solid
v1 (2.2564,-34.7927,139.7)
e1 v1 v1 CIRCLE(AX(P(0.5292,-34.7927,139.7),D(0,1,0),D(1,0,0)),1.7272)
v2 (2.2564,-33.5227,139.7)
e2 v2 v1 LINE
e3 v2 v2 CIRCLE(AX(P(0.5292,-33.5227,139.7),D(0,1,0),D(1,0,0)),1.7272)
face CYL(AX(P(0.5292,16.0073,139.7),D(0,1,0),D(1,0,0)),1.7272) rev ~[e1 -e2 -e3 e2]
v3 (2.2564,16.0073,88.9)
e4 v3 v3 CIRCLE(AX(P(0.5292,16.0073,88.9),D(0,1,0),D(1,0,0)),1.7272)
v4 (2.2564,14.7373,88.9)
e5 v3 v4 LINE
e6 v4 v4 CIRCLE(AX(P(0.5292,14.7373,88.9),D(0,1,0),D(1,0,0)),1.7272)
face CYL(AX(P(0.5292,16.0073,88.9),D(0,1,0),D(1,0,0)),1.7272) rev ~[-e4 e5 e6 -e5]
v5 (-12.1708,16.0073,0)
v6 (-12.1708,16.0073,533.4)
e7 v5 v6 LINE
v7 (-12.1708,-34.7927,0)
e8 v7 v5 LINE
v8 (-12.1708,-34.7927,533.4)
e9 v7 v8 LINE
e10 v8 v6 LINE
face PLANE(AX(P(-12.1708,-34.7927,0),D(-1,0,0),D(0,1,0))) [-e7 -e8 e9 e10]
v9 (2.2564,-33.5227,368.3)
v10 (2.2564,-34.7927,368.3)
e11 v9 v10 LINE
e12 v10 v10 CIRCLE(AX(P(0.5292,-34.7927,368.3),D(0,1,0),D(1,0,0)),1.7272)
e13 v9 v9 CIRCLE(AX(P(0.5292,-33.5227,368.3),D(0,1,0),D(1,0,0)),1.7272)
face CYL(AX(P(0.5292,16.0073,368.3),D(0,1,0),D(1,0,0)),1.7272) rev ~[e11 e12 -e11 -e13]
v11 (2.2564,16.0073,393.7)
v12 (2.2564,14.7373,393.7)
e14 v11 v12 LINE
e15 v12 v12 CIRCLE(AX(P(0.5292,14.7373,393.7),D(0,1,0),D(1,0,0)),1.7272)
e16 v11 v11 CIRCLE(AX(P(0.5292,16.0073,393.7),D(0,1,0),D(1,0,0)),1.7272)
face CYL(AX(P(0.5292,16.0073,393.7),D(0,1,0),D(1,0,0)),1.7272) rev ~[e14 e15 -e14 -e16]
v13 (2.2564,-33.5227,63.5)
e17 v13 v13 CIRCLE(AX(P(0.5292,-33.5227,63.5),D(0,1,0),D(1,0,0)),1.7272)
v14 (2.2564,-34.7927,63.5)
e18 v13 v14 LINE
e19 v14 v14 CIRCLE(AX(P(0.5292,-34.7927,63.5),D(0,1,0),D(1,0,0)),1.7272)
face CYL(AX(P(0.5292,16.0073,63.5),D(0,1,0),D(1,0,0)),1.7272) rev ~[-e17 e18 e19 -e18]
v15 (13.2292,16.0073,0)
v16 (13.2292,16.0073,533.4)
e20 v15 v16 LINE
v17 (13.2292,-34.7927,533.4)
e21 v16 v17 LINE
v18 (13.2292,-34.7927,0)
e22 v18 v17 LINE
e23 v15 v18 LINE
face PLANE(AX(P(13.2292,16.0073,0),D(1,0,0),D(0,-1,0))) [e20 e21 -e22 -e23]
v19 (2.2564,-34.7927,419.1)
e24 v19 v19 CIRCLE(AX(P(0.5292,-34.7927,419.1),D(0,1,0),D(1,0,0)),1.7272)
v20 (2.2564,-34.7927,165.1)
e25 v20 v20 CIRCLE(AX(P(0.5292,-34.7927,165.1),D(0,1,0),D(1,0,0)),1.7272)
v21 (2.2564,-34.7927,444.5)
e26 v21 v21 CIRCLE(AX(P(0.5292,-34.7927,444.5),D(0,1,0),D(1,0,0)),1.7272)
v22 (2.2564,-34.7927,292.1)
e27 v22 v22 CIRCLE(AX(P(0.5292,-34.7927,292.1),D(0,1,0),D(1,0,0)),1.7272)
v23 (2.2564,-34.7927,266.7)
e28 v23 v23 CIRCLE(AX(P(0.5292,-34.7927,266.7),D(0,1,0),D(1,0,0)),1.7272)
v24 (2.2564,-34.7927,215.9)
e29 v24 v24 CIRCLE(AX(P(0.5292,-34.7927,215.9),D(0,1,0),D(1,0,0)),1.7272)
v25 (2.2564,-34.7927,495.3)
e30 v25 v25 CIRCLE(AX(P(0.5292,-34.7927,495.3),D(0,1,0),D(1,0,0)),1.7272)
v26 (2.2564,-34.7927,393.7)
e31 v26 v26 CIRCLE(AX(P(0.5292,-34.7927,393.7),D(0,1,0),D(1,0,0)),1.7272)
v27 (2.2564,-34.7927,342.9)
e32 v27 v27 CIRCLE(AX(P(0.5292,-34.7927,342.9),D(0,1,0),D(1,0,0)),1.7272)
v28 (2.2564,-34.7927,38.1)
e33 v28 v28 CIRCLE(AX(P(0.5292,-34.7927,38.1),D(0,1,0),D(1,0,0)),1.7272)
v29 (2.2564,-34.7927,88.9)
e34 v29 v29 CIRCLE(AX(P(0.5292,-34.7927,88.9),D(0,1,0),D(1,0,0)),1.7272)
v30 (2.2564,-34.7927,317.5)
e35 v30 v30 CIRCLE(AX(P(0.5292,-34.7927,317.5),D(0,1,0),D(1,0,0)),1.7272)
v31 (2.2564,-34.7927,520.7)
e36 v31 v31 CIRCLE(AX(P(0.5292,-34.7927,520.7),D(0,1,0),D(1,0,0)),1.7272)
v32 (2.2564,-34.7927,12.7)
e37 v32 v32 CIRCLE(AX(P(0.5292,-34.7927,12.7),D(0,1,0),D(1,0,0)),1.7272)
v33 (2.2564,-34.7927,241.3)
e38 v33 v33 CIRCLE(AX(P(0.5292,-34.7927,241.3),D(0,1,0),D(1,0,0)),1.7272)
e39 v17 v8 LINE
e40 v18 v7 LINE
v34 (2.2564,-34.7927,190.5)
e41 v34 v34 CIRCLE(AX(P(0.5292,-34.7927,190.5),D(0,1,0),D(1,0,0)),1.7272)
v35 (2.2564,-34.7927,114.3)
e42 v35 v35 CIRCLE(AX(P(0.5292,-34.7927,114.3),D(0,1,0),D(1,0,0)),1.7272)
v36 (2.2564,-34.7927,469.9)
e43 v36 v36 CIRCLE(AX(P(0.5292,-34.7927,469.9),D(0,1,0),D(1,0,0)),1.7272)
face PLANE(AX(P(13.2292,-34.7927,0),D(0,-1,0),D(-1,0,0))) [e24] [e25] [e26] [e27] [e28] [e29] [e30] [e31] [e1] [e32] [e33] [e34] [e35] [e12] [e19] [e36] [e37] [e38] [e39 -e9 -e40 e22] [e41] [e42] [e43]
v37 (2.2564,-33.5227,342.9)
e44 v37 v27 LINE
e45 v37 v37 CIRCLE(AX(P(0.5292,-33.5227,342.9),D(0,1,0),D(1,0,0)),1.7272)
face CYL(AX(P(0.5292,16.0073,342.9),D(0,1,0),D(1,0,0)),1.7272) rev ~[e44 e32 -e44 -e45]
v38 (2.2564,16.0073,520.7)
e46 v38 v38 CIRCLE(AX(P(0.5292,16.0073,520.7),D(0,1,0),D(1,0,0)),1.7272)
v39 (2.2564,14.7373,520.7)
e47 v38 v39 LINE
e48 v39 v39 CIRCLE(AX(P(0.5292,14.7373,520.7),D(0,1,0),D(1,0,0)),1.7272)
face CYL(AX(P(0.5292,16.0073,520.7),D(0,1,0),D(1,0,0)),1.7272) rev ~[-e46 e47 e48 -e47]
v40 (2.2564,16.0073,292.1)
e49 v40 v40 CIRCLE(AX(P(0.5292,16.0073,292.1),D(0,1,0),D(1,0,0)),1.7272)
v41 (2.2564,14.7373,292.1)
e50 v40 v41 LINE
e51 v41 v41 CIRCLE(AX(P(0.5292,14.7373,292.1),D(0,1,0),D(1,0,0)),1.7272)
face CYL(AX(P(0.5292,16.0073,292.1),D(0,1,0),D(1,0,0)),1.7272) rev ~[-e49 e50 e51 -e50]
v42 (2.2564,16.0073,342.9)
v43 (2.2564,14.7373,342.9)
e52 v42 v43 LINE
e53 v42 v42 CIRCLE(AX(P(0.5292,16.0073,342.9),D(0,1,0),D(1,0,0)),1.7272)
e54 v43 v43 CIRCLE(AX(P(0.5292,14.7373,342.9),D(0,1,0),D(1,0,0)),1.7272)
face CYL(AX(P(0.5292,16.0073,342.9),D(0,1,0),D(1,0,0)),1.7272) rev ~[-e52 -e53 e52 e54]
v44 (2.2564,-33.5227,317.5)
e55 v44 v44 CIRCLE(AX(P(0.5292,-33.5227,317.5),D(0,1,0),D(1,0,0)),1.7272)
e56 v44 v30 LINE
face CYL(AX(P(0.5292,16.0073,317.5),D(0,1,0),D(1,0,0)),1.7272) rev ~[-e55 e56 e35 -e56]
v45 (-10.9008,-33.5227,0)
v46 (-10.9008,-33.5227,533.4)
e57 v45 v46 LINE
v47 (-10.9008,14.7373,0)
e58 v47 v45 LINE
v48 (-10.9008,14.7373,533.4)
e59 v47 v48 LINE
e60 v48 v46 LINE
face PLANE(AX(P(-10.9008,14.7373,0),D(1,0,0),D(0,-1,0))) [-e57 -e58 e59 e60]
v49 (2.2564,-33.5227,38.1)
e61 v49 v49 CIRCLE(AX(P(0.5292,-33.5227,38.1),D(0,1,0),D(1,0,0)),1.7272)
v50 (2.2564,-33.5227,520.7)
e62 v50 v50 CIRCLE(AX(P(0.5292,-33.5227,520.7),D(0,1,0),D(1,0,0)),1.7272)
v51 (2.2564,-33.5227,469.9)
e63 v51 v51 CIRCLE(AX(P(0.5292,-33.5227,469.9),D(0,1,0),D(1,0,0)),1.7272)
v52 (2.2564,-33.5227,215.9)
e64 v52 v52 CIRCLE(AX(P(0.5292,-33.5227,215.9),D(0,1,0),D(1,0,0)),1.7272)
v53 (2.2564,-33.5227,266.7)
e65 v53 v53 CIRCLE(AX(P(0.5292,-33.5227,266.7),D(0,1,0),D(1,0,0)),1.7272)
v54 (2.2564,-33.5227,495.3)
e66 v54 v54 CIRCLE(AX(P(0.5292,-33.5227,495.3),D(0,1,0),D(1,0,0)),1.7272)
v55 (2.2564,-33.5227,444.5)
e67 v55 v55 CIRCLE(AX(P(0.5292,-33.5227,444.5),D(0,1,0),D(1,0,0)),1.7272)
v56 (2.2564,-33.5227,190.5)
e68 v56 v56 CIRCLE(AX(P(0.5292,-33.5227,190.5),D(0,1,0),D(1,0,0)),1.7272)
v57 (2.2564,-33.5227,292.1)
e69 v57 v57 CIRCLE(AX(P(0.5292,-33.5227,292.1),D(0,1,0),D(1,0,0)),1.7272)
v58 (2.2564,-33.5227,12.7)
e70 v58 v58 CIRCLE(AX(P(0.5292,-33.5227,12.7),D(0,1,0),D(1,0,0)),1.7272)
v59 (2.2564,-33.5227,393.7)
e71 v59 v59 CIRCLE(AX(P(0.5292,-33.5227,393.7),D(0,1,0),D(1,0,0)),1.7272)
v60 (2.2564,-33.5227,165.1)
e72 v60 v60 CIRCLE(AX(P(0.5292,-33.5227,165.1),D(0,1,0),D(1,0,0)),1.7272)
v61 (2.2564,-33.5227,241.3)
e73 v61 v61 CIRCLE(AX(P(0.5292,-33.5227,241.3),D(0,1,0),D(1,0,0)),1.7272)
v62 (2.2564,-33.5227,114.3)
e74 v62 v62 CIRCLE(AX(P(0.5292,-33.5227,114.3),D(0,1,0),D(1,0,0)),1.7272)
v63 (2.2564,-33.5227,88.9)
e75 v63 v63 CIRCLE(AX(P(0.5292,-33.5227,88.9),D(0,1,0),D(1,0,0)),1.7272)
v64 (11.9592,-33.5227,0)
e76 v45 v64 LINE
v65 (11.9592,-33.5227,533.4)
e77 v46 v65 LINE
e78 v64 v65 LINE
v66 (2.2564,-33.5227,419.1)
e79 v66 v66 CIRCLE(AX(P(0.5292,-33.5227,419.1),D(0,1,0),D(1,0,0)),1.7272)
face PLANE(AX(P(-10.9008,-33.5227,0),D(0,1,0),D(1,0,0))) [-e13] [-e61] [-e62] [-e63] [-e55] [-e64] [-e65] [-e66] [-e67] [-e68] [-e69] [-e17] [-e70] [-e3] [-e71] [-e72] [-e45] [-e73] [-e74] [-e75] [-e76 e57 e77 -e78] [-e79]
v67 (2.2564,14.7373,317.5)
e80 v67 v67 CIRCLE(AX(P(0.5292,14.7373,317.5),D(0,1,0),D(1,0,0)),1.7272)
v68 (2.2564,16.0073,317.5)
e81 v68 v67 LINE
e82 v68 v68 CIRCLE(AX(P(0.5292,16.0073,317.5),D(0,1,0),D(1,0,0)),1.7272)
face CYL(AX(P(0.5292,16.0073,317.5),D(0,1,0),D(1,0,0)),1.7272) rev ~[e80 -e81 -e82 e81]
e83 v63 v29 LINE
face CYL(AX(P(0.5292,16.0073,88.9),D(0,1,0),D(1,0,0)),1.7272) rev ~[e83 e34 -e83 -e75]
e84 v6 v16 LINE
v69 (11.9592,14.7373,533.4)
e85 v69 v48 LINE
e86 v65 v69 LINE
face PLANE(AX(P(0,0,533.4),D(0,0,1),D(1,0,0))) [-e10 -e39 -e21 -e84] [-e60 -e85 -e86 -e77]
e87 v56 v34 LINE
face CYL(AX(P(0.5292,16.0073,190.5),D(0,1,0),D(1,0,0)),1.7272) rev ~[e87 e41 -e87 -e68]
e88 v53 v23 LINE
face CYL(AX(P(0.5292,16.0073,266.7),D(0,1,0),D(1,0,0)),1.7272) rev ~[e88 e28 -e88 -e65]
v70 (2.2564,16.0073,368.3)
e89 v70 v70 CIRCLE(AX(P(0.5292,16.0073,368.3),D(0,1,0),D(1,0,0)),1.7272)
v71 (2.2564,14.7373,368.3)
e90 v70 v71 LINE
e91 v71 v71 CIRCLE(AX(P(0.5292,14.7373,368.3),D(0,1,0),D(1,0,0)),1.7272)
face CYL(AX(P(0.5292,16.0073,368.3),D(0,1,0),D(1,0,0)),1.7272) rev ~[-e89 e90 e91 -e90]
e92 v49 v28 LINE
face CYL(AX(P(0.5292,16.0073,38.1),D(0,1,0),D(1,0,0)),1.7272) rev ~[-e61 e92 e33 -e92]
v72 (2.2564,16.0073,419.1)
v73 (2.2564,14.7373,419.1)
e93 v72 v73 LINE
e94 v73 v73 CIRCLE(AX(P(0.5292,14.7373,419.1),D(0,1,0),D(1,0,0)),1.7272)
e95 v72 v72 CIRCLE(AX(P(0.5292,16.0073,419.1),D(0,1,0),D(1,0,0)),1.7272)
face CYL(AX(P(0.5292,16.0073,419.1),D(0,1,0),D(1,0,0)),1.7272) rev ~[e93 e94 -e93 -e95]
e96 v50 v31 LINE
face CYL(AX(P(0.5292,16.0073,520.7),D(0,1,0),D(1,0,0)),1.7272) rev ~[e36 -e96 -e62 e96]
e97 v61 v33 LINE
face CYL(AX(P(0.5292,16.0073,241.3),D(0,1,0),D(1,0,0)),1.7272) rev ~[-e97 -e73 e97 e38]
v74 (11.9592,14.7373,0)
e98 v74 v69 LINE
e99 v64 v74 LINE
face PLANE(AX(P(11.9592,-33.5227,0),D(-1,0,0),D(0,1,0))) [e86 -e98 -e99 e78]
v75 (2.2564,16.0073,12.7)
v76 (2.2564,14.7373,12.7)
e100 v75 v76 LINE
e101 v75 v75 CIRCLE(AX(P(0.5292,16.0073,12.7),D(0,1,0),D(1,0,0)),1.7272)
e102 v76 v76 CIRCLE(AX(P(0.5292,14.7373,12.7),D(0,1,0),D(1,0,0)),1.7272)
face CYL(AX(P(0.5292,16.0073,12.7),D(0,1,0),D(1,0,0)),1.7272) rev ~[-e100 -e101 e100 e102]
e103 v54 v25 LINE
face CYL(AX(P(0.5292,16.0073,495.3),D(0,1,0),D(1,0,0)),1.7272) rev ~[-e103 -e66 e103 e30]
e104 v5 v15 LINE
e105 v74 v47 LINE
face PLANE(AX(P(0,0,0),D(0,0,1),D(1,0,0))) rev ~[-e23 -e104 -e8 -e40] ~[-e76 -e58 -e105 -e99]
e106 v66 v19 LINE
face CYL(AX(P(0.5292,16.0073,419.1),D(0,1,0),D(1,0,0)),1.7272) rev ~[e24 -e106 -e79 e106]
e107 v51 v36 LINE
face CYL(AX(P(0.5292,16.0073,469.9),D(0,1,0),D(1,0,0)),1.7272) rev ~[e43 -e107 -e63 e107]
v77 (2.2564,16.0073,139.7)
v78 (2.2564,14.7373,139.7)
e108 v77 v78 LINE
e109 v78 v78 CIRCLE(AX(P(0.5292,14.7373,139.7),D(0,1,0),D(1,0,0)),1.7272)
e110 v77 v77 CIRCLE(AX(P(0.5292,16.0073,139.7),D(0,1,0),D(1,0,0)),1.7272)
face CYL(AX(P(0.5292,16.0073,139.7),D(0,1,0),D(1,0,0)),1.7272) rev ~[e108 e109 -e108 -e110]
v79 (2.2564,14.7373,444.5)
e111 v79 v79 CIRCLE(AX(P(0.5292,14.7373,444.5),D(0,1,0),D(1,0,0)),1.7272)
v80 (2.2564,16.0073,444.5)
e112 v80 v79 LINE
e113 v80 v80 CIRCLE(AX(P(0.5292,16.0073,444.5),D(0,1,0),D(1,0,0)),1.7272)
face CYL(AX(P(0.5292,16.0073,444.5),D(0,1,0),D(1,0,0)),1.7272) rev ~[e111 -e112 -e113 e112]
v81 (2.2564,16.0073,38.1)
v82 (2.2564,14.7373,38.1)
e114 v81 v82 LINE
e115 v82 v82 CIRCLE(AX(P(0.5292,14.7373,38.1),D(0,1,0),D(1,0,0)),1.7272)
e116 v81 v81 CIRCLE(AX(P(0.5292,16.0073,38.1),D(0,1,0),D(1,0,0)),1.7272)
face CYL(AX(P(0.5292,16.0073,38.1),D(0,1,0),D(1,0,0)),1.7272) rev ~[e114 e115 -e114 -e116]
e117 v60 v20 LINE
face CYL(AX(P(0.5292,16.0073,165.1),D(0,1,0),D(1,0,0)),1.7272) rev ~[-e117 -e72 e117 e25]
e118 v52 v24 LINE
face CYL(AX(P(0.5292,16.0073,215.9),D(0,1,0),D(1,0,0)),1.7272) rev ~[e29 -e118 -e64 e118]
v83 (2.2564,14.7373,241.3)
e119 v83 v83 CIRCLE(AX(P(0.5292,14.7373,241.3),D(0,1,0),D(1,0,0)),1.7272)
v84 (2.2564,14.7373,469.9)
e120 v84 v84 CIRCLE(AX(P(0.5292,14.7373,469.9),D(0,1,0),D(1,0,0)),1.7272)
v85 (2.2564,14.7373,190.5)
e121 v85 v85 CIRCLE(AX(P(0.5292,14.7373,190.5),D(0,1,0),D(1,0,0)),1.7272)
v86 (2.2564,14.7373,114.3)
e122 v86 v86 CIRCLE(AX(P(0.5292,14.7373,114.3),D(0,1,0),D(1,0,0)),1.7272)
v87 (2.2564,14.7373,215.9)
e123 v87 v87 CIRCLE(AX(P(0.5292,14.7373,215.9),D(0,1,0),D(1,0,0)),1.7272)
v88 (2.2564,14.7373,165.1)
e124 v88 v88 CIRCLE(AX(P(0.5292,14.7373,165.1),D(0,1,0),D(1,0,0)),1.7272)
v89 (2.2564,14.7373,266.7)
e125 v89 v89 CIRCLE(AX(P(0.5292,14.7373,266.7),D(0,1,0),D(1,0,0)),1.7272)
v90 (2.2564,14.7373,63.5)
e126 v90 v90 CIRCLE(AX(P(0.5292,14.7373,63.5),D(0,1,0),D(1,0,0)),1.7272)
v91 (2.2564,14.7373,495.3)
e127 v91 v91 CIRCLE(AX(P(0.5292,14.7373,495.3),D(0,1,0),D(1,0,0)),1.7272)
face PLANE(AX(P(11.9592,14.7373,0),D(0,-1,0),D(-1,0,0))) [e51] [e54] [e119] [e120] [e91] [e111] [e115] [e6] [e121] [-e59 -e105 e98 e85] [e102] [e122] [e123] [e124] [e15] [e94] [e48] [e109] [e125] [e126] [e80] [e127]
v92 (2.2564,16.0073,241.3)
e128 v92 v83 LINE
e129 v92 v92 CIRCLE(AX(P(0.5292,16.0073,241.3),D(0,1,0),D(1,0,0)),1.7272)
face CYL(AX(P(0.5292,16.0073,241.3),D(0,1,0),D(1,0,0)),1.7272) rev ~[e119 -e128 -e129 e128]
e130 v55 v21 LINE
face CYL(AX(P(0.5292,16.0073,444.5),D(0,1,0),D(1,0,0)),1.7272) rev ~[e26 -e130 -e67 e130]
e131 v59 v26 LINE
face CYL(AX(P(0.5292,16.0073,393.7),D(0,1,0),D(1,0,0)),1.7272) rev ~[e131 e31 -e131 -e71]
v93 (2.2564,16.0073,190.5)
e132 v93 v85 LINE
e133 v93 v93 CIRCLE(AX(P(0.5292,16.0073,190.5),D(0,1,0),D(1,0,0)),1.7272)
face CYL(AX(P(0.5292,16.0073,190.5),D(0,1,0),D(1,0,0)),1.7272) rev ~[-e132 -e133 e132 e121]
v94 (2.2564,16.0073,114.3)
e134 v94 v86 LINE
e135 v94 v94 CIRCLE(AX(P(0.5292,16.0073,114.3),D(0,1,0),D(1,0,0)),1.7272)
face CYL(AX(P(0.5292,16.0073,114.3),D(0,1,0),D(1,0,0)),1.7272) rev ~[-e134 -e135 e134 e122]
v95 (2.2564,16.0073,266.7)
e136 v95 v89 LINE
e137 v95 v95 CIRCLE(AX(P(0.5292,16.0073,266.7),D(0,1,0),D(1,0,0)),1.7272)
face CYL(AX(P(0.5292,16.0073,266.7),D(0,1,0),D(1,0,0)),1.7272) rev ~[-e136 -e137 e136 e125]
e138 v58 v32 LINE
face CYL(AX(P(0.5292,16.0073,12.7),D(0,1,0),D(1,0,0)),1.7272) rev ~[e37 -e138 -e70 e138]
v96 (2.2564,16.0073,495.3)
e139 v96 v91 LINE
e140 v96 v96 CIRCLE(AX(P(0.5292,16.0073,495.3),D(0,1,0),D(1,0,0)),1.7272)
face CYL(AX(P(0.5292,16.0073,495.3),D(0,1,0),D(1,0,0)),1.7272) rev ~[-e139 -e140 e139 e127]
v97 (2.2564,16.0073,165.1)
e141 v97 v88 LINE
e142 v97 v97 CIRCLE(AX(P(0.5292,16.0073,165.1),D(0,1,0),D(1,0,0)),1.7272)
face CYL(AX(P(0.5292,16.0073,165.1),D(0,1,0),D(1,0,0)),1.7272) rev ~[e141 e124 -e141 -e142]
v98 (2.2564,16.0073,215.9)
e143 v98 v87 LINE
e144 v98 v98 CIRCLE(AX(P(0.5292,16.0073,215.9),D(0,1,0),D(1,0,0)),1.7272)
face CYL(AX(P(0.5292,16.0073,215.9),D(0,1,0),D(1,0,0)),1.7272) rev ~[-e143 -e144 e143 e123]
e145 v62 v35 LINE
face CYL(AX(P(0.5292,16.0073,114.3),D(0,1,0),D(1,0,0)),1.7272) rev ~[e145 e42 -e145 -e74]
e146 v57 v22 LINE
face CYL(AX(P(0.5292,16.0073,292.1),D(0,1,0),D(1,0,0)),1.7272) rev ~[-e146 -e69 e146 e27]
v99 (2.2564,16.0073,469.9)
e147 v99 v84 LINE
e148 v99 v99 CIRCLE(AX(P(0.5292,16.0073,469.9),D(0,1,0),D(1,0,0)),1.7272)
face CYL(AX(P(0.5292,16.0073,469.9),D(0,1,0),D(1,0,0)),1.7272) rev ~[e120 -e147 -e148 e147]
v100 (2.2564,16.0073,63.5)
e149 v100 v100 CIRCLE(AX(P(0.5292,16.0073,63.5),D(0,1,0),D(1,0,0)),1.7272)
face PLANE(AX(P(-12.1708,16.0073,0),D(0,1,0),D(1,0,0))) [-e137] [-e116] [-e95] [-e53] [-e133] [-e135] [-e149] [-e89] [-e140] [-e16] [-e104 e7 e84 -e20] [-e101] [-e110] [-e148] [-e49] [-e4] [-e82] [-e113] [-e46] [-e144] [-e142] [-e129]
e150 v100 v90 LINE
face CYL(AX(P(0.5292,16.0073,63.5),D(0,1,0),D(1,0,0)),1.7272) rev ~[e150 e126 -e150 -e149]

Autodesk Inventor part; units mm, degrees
ref_plane "YZ Plane" through (0, 0, 0) normal (1, 0, 0) x (0, 1, 0)
ref_plane "XZ Plane" through (0, 0, 0) normal (0, 1, 0) x (-1, 0, 0)
ref_plane "XY Plane" through (0, 0, 0) normal (0, 0, 1) x (1, 0, 0)
sketch "Sketch1" plane through (0, 0, 0) normal (0, 0, 1) x (1, 0, 0)
  line L0 (-12.1708, 16.0073) -> (13.2292, 16.0073)
  line L1 (13.2292, 16.0073) -> (13.2292, -34.7927)
  line L2 (13.2292, -34.7927) -> (-12.1708, -34.7927)
  line L3 (-12.1708, -34.7927) -> (-12.1708, 16.0073)
  line L4 (11.9592, 14.7373) -> (-10.9008, 14.7373)
  line L5 (-10.9008, 14.7373) -> (-10.9008, -33.5227)
  line L6 (-10.9008, -33.5227) -> (11.9592, -33.5227)
  line L7 (11.9592, -33.5227) -> (11.9592, 14.7373)
  point P0 (0, 0)
  dimension "d0" = 25.4
  dimension "d1" = 50.8
  dimension "d2" = 1.27
extrude "Extrusion1" add sketch "Sketch1" along normal blind 533.4
sketch "Sketch2" plane through (-12.1708, 16.0073, 0) normal (0, 1, 0) x (1, 0, 0)
  circle A0 centre (12.7, -12.7) radius 1.7272
  line L0 (25.4, 0) -> (0, 0) projected
  line L1 (0, 0) -> (0, -533.4) projected
  point P0 (12.1708, 0)
  dimension "d5" = 3.4544
  dimension "d6" = 12.7
  dimension "d7" = 12.7
extrude "Extrusion2" cut sketch "Sketch2" against normal through all
pattern_linear "Rectangular Pattern1" count 21 spacing 25.4 along (0, 0, 1) of "Extrusion2"
equation "\"d3\" = d13"
equation "\"d13\" = 533.4"
properties part number "VerseFrame 21in"
